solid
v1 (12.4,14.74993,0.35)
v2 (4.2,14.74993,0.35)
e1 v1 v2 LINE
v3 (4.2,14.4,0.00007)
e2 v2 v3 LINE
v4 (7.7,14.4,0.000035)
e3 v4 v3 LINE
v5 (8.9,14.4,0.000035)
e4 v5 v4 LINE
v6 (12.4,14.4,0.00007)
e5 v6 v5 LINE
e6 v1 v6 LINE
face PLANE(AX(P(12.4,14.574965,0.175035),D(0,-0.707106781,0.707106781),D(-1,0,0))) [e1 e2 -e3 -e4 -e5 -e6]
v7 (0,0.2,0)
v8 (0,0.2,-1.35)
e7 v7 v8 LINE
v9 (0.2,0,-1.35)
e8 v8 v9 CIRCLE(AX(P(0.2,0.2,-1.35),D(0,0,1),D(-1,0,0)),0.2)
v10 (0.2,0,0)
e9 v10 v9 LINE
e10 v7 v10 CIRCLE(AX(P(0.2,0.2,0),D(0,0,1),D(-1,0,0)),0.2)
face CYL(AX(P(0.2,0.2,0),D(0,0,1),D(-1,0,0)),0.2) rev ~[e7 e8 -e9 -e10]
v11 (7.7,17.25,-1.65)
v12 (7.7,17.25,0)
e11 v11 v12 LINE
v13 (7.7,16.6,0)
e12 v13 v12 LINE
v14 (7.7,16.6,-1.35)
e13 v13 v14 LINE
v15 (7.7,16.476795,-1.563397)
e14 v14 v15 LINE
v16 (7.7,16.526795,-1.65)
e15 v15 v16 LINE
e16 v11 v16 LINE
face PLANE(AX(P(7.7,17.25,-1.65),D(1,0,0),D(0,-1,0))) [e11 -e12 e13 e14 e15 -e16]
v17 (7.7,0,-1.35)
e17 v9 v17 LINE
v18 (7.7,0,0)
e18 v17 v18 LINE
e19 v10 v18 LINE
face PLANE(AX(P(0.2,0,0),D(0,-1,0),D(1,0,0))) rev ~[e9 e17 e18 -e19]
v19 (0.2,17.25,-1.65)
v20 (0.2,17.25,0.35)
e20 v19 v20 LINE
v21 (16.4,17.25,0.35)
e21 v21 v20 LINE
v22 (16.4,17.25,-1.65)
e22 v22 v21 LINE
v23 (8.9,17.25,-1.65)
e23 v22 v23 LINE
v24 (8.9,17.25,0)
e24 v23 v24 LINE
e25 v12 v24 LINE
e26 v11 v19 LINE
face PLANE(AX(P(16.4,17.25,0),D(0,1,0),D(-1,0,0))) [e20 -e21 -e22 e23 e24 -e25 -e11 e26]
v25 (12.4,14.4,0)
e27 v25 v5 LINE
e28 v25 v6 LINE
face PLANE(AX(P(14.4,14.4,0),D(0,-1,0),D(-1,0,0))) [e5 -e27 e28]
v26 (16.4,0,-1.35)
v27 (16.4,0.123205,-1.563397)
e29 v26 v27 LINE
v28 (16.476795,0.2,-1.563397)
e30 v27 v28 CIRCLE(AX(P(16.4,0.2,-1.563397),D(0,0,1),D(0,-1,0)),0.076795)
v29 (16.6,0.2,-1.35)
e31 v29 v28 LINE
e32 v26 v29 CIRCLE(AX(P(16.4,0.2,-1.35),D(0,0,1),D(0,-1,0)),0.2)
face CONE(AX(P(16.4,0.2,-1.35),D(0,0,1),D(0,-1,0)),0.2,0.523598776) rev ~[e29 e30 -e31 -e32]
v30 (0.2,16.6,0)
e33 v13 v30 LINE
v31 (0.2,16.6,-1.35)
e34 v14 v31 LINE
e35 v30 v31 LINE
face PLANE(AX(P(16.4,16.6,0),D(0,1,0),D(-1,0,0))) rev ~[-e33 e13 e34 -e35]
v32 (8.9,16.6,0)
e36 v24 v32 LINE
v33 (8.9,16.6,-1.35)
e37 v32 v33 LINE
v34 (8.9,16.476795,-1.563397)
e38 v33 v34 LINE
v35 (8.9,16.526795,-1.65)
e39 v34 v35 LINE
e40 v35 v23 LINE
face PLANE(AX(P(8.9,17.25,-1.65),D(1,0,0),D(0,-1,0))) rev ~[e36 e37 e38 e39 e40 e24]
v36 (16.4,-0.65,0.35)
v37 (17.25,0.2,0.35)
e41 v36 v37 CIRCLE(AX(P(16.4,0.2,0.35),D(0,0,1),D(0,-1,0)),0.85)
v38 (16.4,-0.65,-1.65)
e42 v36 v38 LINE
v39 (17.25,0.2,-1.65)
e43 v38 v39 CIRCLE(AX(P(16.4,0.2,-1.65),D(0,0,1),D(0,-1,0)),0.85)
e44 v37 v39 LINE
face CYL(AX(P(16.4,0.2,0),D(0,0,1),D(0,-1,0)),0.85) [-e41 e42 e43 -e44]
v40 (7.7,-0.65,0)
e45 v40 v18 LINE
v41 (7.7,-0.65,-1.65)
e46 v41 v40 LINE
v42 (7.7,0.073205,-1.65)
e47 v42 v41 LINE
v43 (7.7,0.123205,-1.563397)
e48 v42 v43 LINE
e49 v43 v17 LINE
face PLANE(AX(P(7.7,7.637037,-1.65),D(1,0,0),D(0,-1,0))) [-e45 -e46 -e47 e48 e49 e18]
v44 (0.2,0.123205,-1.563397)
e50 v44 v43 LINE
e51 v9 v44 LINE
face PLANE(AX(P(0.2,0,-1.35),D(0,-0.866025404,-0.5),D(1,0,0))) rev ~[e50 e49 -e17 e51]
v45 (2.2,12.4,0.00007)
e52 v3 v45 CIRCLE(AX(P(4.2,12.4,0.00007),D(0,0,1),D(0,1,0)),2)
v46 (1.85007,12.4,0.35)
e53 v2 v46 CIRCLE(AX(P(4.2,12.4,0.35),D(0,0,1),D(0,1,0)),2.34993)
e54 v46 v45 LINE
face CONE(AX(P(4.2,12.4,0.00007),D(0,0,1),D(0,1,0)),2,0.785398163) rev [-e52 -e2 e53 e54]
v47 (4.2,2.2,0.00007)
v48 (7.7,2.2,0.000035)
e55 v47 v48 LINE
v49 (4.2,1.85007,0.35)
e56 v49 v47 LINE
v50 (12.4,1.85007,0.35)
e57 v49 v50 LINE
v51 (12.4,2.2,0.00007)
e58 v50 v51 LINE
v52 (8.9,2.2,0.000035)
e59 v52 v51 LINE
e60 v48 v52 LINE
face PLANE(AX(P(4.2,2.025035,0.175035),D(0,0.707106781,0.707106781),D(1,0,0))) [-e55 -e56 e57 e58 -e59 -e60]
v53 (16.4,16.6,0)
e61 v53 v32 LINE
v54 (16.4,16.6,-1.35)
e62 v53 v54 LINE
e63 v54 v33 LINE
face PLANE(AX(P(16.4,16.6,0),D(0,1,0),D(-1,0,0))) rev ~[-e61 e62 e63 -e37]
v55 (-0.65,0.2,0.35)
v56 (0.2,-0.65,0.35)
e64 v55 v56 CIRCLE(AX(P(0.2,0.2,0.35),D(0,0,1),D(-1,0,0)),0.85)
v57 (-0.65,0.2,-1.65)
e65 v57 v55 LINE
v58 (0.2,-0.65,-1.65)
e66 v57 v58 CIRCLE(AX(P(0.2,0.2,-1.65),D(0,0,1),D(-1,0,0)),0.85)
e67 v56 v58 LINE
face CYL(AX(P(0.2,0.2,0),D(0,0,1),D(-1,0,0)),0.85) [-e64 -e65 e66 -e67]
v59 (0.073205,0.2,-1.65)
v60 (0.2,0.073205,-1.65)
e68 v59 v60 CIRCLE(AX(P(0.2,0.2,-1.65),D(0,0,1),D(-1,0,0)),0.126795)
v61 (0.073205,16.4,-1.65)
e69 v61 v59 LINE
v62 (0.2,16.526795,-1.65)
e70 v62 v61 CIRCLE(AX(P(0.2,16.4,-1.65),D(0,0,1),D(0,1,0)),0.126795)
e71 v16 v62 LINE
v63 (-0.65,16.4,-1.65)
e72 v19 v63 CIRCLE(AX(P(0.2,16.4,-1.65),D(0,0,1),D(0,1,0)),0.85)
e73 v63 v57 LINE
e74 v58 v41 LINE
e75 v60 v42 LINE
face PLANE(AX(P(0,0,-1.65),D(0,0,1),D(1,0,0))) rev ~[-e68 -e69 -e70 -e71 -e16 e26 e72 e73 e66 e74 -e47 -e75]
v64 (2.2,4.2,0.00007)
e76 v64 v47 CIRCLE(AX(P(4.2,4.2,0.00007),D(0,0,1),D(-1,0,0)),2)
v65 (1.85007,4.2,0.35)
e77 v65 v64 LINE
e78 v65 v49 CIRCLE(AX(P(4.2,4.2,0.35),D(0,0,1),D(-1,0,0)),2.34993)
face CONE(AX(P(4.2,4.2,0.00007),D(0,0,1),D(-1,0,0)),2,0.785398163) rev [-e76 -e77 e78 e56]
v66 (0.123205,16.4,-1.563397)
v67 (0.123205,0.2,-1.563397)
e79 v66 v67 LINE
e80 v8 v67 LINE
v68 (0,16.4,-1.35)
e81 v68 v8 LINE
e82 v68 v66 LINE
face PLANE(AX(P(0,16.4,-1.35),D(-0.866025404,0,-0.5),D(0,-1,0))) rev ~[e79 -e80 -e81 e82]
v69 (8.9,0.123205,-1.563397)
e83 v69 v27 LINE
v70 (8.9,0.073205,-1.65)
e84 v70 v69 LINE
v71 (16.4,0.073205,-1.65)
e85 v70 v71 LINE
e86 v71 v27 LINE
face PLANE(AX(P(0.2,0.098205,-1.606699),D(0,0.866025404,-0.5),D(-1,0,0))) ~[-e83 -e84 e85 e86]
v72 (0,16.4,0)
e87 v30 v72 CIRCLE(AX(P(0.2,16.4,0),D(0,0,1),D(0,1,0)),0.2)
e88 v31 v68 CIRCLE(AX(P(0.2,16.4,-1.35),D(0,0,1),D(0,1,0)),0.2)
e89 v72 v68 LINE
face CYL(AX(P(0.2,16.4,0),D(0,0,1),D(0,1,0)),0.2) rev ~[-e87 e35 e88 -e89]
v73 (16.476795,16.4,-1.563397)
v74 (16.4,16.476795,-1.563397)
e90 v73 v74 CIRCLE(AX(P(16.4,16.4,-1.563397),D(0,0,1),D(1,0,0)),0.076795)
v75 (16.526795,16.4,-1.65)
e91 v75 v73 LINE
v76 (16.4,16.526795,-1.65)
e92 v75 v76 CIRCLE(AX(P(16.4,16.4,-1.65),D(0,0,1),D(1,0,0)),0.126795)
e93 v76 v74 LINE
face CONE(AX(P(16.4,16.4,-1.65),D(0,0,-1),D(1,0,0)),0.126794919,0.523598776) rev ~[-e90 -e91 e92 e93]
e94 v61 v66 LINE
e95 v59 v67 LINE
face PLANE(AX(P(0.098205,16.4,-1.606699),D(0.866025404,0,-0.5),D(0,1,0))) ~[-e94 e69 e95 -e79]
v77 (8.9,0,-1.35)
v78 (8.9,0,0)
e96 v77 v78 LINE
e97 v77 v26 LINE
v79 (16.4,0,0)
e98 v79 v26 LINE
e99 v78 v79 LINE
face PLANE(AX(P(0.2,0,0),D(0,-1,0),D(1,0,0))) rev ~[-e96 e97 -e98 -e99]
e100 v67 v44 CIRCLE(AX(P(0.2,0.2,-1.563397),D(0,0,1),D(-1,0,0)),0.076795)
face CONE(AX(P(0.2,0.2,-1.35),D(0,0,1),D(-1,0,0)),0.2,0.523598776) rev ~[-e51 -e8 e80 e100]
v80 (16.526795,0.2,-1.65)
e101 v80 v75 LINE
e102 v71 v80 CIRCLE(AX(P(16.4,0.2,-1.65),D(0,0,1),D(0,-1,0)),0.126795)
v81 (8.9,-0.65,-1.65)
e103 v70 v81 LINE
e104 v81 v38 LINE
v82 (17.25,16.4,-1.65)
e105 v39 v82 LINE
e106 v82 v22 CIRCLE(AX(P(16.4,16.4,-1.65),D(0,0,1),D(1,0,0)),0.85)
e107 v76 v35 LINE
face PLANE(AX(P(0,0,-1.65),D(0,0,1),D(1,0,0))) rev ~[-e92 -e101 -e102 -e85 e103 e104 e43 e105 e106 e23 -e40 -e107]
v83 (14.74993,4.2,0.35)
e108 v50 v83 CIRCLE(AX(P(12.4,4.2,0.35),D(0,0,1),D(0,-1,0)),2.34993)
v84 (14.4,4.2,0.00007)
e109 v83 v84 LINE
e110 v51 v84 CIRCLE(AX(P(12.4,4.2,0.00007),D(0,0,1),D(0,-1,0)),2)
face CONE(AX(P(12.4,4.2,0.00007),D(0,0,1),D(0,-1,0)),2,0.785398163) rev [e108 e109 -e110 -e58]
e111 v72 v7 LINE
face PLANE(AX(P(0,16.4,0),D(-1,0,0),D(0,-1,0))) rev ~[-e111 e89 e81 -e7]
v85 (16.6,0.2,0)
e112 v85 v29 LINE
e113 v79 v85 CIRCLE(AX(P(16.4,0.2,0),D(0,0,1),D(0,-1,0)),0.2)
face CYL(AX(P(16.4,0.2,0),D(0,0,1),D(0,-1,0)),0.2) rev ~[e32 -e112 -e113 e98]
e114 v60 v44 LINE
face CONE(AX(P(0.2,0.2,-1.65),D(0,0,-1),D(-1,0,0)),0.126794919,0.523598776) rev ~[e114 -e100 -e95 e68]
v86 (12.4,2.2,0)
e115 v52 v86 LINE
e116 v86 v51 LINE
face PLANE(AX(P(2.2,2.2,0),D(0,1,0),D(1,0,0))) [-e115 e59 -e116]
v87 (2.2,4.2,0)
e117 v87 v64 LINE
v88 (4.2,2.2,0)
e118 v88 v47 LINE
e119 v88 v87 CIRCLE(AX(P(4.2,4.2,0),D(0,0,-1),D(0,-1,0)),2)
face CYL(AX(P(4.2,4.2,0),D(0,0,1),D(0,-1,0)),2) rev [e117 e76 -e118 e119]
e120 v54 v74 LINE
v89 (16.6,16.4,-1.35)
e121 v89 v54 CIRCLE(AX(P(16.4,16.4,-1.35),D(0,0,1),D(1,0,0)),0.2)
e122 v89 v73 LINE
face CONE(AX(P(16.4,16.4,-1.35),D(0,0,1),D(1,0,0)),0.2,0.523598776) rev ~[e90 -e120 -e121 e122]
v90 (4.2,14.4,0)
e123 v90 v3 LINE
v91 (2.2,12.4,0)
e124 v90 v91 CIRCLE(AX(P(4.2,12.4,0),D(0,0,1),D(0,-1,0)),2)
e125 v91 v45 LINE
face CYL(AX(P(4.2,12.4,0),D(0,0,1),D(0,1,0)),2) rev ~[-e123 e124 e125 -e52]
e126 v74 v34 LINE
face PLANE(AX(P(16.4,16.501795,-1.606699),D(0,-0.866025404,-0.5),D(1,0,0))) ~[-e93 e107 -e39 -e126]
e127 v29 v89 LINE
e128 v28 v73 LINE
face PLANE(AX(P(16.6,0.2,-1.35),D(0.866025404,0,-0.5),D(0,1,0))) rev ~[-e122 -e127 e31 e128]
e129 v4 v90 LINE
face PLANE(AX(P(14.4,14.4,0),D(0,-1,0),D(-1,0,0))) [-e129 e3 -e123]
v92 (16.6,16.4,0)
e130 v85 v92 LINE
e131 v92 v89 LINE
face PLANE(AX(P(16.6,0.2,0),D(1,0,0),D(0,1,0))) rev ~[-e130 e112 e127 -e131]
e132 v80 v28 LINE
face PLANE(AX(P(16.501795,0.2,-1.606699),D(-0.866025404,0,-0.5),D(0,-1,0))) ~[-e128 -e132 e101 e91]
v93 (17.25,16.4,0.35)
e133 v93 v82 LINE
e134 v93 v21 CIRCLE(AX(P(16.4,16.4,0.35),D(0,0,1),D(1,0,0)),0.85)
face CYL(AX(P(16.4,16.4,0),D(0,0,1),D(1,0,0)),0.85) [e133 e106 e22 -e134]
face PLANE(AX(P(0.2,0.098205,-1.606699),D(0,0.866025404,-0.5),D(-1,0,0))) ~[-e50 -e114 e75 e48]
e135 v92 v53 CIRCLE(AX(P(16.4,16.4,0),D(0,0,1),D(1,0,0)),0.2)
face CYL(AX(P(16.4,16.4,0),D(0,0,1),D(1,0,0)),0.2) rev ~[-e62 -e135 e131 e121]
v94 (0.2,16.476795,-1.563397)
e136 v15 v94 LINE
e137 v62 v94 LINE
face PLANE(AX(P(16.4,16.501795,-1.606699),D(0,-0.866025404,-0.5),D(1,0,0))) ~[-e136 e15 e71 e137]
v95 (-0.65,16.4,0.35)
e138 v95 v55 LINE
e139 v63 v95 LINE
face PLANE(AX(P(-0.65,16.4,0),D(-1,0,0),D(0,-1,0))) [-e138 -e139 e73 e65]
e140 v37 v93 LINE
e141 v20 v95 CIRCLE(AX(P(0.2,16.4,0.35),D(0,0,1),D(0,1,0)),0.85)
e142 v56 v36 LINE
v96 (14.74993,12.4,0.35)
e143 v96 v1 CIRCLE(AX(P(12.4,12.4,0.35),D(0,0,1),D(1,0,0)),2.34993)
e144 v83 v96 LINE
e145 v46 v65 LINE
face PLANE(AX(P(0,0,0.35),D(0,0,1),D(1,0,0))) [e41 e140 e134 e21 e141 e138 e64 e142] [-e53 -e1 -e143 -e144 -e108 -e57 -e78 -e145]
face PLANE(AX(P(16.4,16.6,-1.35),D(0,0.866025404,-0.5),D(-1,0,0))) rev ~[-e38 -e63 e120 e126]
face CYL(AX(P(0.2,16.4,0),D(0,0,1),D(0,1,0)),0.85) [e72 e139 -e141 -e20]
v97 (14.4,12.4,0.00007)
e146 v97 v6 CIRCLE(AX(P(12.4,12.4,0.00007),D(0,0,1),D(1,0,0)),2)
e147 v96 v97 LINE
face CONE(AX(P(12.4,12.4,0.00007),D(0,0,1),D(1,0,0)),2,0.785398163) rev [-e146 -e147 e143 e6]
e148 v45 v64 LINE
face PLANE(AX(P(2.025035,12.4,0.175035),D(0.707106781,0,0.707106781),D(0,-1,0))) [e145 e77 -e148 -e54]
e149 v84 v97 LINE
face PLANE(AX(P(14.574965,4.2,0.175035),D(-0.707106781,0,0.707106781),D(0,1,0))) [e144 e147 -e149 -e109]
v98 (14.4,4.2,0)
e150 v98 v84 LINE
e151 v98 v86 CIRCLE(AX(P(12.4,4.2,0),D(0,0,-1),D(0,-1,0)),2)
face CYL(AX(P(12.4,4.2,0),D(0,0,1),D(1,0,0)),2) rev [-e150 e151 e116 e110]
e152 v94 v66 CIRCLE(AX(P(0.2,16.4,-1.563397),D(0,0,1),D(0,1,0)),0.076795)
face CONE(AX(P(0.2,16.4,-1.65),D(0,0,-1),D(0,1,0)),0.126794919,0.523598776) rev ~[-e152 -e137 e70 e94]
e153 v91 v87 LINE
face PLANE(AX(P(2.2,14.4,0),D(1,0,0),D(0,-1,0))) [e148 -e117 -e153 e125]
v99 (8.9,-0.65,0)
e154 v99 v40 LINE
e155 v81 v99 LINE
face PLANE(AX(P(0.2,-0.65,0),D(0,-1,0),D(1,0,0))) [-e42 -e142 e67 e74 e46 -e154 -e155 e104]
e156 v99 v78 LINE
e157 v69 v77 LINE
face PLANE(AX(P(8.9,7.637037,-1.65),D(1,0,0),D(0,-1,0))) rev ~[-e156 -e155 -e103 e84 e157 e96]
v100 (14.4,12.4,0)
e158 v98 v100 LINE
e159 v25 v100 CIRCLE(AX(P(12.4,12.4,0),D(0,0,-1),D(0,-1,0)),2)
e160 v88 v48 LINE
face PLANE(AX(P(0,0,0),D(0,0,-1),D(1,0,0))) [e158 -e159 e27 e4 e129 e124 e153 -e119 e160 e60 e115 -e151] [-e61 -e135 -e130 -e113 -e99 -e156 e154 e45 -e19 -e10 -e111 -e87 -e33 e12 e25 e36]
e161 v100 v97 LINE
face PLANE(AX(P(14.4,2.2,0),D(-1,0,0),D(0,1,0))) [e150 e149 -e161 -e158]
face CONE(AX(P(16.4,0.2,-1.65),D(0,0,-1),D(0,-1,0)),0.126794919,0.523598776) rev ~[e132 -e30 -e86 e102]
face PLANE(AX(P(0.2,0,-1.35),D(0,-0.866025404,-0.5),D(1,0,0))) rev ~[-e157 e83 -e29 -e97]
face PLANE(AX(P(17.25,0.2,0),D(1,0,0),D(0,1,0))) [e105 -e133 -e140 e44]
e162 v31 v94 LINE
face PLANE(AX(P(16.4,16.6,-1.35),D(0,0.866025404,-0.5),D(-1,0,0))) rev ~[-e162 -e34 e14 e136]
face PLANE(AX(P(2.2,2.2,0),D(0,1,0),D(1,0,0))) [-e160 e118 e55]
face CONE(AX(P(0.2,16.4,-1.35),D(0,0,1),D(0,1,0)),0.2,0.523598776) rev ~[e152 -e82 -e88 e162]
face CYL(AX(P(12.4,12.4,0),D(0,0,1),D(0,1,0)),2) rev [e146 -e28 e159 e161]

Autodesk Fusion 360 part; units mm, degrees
sketch "Sketch1" plane through (0, 0, 0) normal (0, 0, 1) x (1, 0, 0)
  line L0 (0.2, 0) -> (16.4, 0)
  line L1 (16.6, 0.2) -> (16.6, 16.4)
  line L2 (16.4, 16.6) -> (0.2, 16.6)
  line L3 (0, 16.4) -> (0, 0.2)
  arc A0 (0.2, 16.6) -> (0, 16.4) centre (0.2, 16.4) ccw
  arc A1 (16.6, 16.4) -> (16.4, 16.6) centre (16.4, 16.4) ccw
  arc A2 (16.4, 0) -> (16.6, 0.2) centre (16.4, 0.2) ccw
  arc A3 (0, 0.2) -> (0.2, 0) centre (0.2, 0.2) ccw
  line L4 (16.4, 17.25) -> (0.2, 17.25)
  arc A4 (0.2, 17.25) -> (-0.65, 16.4) centre (0.2, 16.4) ccw
  line L5 (-0.65, 16.4) -> (-0.65, 0.2)
  arc A5 (-0.65, 0.2) -> (0.2, -0.65) centre (0.2, 0.2) ccw
  line L6 (0.2, -0.65) -> (16.4, -0.65)
  arc A6 (16.4, -0.65) -> (17.25, 0.2) centre (16.4, 0.2) ccw
  line L7 (17.25, 0.2) -> (17.25, 16.4)
  arc A7 (17.25, 16.4) -> (16.4, 17.25) centre (16.4, 16.4) ccw
  line L8 (14.4, 14.4) -> (2.2, 14.4)
  line L9 (2.2, 14.4) -> (2.2, 2.2)
  line L10 (2.2, 2.2) -> (14.4, 2.2)
  line L11 (14.4, 2.2) -> (14.4, 14.4)
  line L12 (0.2, -5) -> (16.4, -5)
  arc A8 (16.4, -5) -> (21.6, 0.2) centre (16.4, 0.2) ccw
  line L13 (21.6, 0.2) -> (21.6, 16.4)
  arc A9 (21.6, 16.4) -> (16.4, 21.6) centre (16.4, 16.4) ccw
  line L14 (16.4, 21.6) -> (0.2, 21.6)
  arc A10 (0.2, 21.6) -> (-5, 16.4) centre (0.2, 16.4) ccw
  line L15 (-5, 16.4) -> (-5, 0.2)
  arc A11 (-5, 0.2) -> (0.2, -5) centre (0.2, 0.2) ccw
  point P0 (16.6, 0)
  point P1 (0, 16.6)
  dimension "d1" = 16.6
  dimension "d2" = 16.6
  dimension "d3" = 0.2
  dimension "d4" = 0.65
  dimension "d5" = -2.2
  dimension "d15" = 5
extrude "Extrude1" add sketch "Sketch1" along normal blind 0.35 contours L0 L1 L2 L3 A0 A1 A2 A3 | L4 A4 L5 A5 L6 A6 L7 A7
extrude "Extrude2" add sketch "Sketch1" against normal blind 1.35 contours L4 A4 L5 A5 L6 A6 L7 A7
fillet "Fillet1" radius 2 4 edges at (2.2, 14.4, 0.175) (14.4, 14.4, 0.175) (14.4, 2.2, 0.175) (2.2, 2.2, 0.175)
chamfer "Chamfer1" distance 0.35 angle 45 8 edges at (8.3, 14.4, 0.35) (13.8142, 13.8142, 0.35) (14.4, 8.3, 0.35) (13.8142, 2.7858, 0.35) (8.3, 2.2, 0.35) (2.7858, 2.7858, 0.35) (2.2, 8.3, 0.35) (2.7858, 13.8142, 0.35)
extrude "Extrude3" add 1 faces at (17.0333, 5.6, -1.35) along direction (0, 0, -1) blind 0.3 draft 30
extrude "Extrude4" cut sketch "Sketch1" against normal blind 6 contours L12 A8 L13 A9 L14 A10 L15 A11
chamfer "Chamfer2" distance 0.1 angle 45 8 edges at (8.3, 16.4268, -1.65) (0.1811, 16.4189, -1.65) (0.1732, 8.3, -1.65) (0.1811, 0.1811, -1.65) (8.3, 0.1732, -1.65) (16.4189, 0.1811, -1.65) (16.4268, 8.3, -1.65) (16.4189, 16.4189, -1.65)
sketch "Sketch2" plane through (0, 0, -1.65) normal (0, 0, -1) x (1, 0, 0)
  line L0 (17.25, -16.4) -> (17.25, -0.2)
  arc A0 (17.25, -0.2) -> (16.4, 0.65) centre (16.4, -0.2) ccw
  line L1 (16.4, 0.65) -> (0.2, 0.65)
  arc A1 (0.2, 0.65) -> (-0.65, -0.2) centre (0.2, -0.2) ccw
  line L2 (-0.65, -0.2) -> (-0.65, -16.4)
  arc A2 (-0.65, -16.4) -> (0.2, -17.25) centre (0.2, -16.4) ccw
  line L3 (0.2, -17.25) -> (16.4, -17.25)
  arc A3 (16.4, -17.25) -> (17.25, -16.4) centre (16.4, -16.4) ccw
  line L4 (16.4, -16.5268) -> (0.2, -16.5268)
  arc A4 (0.0732, -16.4) -> (0.2, -16.5268) centre (0.2, -16.4) ccw
  line L5 (0.0732, -16.4) -> (0.0732, -0.2)
  arc A5 (0.2, -0.0732) -> (0.0732, -0.2) centre (0.2, -0.2) ccw
  line L6 (0.2, -0.0732) -> (16.4, -0.0732)
  arc A6 (16.5268, -0.2) -> (16.4, -0.0732) centre (16.4, -0.2) ccw
  line L7 (16.5268, -0.2) -> (16.5268, -16.4)
  arc A7 (16.4, -16.5268) -> (16.5268, -16.4) centre (16.4, -16.4) ccw
  line L8 (8.3, 0.65) -> (8.3, -17.25) construction
  line L9 (7.7, -17.25) -> (7.7, 0.65)
  line L10 (8.9, -17.25) -> (8.9, 0.65)
  line L11 (8.3, -8.3) -> (0.2, 0.65)
  line L12 (8.3, -8.3) -> (-0.65, -0.2)
  line L13 (8.3, -8.3) -> (-0.65, -16.4)
  line L14 (8.3, -8.3) -> (0.2, -17.25)
  line L15 (8.3, -8.3) -> (16.4, -17.25)
  line L16 (8.3, -8.3) -> (17.25, -16.4)
  line L17 (8.3, -8.3) -> (17.25, -0.2)
  line L18 (8.3, -8.3) -> (16.4, 0.65)
  point P0 (0.5, -16.2)
  point P1 (0.5, -0.5)
  point P2 (16.2, -0.5)
  point P3 (16.2, -16.2)
  dimension "d19" = 0.6
  dimension "d23" = 360
extrude "Extrude5" cut sketch "Sketch2" against normal up to surface (1.65 mm away) contours L3 L4 L9 L10 | L1 L6 L9 L10 | L4 L9 L10 L14 L15 | L6 L9 L10 L11 L18
equation "d1 = d2"
